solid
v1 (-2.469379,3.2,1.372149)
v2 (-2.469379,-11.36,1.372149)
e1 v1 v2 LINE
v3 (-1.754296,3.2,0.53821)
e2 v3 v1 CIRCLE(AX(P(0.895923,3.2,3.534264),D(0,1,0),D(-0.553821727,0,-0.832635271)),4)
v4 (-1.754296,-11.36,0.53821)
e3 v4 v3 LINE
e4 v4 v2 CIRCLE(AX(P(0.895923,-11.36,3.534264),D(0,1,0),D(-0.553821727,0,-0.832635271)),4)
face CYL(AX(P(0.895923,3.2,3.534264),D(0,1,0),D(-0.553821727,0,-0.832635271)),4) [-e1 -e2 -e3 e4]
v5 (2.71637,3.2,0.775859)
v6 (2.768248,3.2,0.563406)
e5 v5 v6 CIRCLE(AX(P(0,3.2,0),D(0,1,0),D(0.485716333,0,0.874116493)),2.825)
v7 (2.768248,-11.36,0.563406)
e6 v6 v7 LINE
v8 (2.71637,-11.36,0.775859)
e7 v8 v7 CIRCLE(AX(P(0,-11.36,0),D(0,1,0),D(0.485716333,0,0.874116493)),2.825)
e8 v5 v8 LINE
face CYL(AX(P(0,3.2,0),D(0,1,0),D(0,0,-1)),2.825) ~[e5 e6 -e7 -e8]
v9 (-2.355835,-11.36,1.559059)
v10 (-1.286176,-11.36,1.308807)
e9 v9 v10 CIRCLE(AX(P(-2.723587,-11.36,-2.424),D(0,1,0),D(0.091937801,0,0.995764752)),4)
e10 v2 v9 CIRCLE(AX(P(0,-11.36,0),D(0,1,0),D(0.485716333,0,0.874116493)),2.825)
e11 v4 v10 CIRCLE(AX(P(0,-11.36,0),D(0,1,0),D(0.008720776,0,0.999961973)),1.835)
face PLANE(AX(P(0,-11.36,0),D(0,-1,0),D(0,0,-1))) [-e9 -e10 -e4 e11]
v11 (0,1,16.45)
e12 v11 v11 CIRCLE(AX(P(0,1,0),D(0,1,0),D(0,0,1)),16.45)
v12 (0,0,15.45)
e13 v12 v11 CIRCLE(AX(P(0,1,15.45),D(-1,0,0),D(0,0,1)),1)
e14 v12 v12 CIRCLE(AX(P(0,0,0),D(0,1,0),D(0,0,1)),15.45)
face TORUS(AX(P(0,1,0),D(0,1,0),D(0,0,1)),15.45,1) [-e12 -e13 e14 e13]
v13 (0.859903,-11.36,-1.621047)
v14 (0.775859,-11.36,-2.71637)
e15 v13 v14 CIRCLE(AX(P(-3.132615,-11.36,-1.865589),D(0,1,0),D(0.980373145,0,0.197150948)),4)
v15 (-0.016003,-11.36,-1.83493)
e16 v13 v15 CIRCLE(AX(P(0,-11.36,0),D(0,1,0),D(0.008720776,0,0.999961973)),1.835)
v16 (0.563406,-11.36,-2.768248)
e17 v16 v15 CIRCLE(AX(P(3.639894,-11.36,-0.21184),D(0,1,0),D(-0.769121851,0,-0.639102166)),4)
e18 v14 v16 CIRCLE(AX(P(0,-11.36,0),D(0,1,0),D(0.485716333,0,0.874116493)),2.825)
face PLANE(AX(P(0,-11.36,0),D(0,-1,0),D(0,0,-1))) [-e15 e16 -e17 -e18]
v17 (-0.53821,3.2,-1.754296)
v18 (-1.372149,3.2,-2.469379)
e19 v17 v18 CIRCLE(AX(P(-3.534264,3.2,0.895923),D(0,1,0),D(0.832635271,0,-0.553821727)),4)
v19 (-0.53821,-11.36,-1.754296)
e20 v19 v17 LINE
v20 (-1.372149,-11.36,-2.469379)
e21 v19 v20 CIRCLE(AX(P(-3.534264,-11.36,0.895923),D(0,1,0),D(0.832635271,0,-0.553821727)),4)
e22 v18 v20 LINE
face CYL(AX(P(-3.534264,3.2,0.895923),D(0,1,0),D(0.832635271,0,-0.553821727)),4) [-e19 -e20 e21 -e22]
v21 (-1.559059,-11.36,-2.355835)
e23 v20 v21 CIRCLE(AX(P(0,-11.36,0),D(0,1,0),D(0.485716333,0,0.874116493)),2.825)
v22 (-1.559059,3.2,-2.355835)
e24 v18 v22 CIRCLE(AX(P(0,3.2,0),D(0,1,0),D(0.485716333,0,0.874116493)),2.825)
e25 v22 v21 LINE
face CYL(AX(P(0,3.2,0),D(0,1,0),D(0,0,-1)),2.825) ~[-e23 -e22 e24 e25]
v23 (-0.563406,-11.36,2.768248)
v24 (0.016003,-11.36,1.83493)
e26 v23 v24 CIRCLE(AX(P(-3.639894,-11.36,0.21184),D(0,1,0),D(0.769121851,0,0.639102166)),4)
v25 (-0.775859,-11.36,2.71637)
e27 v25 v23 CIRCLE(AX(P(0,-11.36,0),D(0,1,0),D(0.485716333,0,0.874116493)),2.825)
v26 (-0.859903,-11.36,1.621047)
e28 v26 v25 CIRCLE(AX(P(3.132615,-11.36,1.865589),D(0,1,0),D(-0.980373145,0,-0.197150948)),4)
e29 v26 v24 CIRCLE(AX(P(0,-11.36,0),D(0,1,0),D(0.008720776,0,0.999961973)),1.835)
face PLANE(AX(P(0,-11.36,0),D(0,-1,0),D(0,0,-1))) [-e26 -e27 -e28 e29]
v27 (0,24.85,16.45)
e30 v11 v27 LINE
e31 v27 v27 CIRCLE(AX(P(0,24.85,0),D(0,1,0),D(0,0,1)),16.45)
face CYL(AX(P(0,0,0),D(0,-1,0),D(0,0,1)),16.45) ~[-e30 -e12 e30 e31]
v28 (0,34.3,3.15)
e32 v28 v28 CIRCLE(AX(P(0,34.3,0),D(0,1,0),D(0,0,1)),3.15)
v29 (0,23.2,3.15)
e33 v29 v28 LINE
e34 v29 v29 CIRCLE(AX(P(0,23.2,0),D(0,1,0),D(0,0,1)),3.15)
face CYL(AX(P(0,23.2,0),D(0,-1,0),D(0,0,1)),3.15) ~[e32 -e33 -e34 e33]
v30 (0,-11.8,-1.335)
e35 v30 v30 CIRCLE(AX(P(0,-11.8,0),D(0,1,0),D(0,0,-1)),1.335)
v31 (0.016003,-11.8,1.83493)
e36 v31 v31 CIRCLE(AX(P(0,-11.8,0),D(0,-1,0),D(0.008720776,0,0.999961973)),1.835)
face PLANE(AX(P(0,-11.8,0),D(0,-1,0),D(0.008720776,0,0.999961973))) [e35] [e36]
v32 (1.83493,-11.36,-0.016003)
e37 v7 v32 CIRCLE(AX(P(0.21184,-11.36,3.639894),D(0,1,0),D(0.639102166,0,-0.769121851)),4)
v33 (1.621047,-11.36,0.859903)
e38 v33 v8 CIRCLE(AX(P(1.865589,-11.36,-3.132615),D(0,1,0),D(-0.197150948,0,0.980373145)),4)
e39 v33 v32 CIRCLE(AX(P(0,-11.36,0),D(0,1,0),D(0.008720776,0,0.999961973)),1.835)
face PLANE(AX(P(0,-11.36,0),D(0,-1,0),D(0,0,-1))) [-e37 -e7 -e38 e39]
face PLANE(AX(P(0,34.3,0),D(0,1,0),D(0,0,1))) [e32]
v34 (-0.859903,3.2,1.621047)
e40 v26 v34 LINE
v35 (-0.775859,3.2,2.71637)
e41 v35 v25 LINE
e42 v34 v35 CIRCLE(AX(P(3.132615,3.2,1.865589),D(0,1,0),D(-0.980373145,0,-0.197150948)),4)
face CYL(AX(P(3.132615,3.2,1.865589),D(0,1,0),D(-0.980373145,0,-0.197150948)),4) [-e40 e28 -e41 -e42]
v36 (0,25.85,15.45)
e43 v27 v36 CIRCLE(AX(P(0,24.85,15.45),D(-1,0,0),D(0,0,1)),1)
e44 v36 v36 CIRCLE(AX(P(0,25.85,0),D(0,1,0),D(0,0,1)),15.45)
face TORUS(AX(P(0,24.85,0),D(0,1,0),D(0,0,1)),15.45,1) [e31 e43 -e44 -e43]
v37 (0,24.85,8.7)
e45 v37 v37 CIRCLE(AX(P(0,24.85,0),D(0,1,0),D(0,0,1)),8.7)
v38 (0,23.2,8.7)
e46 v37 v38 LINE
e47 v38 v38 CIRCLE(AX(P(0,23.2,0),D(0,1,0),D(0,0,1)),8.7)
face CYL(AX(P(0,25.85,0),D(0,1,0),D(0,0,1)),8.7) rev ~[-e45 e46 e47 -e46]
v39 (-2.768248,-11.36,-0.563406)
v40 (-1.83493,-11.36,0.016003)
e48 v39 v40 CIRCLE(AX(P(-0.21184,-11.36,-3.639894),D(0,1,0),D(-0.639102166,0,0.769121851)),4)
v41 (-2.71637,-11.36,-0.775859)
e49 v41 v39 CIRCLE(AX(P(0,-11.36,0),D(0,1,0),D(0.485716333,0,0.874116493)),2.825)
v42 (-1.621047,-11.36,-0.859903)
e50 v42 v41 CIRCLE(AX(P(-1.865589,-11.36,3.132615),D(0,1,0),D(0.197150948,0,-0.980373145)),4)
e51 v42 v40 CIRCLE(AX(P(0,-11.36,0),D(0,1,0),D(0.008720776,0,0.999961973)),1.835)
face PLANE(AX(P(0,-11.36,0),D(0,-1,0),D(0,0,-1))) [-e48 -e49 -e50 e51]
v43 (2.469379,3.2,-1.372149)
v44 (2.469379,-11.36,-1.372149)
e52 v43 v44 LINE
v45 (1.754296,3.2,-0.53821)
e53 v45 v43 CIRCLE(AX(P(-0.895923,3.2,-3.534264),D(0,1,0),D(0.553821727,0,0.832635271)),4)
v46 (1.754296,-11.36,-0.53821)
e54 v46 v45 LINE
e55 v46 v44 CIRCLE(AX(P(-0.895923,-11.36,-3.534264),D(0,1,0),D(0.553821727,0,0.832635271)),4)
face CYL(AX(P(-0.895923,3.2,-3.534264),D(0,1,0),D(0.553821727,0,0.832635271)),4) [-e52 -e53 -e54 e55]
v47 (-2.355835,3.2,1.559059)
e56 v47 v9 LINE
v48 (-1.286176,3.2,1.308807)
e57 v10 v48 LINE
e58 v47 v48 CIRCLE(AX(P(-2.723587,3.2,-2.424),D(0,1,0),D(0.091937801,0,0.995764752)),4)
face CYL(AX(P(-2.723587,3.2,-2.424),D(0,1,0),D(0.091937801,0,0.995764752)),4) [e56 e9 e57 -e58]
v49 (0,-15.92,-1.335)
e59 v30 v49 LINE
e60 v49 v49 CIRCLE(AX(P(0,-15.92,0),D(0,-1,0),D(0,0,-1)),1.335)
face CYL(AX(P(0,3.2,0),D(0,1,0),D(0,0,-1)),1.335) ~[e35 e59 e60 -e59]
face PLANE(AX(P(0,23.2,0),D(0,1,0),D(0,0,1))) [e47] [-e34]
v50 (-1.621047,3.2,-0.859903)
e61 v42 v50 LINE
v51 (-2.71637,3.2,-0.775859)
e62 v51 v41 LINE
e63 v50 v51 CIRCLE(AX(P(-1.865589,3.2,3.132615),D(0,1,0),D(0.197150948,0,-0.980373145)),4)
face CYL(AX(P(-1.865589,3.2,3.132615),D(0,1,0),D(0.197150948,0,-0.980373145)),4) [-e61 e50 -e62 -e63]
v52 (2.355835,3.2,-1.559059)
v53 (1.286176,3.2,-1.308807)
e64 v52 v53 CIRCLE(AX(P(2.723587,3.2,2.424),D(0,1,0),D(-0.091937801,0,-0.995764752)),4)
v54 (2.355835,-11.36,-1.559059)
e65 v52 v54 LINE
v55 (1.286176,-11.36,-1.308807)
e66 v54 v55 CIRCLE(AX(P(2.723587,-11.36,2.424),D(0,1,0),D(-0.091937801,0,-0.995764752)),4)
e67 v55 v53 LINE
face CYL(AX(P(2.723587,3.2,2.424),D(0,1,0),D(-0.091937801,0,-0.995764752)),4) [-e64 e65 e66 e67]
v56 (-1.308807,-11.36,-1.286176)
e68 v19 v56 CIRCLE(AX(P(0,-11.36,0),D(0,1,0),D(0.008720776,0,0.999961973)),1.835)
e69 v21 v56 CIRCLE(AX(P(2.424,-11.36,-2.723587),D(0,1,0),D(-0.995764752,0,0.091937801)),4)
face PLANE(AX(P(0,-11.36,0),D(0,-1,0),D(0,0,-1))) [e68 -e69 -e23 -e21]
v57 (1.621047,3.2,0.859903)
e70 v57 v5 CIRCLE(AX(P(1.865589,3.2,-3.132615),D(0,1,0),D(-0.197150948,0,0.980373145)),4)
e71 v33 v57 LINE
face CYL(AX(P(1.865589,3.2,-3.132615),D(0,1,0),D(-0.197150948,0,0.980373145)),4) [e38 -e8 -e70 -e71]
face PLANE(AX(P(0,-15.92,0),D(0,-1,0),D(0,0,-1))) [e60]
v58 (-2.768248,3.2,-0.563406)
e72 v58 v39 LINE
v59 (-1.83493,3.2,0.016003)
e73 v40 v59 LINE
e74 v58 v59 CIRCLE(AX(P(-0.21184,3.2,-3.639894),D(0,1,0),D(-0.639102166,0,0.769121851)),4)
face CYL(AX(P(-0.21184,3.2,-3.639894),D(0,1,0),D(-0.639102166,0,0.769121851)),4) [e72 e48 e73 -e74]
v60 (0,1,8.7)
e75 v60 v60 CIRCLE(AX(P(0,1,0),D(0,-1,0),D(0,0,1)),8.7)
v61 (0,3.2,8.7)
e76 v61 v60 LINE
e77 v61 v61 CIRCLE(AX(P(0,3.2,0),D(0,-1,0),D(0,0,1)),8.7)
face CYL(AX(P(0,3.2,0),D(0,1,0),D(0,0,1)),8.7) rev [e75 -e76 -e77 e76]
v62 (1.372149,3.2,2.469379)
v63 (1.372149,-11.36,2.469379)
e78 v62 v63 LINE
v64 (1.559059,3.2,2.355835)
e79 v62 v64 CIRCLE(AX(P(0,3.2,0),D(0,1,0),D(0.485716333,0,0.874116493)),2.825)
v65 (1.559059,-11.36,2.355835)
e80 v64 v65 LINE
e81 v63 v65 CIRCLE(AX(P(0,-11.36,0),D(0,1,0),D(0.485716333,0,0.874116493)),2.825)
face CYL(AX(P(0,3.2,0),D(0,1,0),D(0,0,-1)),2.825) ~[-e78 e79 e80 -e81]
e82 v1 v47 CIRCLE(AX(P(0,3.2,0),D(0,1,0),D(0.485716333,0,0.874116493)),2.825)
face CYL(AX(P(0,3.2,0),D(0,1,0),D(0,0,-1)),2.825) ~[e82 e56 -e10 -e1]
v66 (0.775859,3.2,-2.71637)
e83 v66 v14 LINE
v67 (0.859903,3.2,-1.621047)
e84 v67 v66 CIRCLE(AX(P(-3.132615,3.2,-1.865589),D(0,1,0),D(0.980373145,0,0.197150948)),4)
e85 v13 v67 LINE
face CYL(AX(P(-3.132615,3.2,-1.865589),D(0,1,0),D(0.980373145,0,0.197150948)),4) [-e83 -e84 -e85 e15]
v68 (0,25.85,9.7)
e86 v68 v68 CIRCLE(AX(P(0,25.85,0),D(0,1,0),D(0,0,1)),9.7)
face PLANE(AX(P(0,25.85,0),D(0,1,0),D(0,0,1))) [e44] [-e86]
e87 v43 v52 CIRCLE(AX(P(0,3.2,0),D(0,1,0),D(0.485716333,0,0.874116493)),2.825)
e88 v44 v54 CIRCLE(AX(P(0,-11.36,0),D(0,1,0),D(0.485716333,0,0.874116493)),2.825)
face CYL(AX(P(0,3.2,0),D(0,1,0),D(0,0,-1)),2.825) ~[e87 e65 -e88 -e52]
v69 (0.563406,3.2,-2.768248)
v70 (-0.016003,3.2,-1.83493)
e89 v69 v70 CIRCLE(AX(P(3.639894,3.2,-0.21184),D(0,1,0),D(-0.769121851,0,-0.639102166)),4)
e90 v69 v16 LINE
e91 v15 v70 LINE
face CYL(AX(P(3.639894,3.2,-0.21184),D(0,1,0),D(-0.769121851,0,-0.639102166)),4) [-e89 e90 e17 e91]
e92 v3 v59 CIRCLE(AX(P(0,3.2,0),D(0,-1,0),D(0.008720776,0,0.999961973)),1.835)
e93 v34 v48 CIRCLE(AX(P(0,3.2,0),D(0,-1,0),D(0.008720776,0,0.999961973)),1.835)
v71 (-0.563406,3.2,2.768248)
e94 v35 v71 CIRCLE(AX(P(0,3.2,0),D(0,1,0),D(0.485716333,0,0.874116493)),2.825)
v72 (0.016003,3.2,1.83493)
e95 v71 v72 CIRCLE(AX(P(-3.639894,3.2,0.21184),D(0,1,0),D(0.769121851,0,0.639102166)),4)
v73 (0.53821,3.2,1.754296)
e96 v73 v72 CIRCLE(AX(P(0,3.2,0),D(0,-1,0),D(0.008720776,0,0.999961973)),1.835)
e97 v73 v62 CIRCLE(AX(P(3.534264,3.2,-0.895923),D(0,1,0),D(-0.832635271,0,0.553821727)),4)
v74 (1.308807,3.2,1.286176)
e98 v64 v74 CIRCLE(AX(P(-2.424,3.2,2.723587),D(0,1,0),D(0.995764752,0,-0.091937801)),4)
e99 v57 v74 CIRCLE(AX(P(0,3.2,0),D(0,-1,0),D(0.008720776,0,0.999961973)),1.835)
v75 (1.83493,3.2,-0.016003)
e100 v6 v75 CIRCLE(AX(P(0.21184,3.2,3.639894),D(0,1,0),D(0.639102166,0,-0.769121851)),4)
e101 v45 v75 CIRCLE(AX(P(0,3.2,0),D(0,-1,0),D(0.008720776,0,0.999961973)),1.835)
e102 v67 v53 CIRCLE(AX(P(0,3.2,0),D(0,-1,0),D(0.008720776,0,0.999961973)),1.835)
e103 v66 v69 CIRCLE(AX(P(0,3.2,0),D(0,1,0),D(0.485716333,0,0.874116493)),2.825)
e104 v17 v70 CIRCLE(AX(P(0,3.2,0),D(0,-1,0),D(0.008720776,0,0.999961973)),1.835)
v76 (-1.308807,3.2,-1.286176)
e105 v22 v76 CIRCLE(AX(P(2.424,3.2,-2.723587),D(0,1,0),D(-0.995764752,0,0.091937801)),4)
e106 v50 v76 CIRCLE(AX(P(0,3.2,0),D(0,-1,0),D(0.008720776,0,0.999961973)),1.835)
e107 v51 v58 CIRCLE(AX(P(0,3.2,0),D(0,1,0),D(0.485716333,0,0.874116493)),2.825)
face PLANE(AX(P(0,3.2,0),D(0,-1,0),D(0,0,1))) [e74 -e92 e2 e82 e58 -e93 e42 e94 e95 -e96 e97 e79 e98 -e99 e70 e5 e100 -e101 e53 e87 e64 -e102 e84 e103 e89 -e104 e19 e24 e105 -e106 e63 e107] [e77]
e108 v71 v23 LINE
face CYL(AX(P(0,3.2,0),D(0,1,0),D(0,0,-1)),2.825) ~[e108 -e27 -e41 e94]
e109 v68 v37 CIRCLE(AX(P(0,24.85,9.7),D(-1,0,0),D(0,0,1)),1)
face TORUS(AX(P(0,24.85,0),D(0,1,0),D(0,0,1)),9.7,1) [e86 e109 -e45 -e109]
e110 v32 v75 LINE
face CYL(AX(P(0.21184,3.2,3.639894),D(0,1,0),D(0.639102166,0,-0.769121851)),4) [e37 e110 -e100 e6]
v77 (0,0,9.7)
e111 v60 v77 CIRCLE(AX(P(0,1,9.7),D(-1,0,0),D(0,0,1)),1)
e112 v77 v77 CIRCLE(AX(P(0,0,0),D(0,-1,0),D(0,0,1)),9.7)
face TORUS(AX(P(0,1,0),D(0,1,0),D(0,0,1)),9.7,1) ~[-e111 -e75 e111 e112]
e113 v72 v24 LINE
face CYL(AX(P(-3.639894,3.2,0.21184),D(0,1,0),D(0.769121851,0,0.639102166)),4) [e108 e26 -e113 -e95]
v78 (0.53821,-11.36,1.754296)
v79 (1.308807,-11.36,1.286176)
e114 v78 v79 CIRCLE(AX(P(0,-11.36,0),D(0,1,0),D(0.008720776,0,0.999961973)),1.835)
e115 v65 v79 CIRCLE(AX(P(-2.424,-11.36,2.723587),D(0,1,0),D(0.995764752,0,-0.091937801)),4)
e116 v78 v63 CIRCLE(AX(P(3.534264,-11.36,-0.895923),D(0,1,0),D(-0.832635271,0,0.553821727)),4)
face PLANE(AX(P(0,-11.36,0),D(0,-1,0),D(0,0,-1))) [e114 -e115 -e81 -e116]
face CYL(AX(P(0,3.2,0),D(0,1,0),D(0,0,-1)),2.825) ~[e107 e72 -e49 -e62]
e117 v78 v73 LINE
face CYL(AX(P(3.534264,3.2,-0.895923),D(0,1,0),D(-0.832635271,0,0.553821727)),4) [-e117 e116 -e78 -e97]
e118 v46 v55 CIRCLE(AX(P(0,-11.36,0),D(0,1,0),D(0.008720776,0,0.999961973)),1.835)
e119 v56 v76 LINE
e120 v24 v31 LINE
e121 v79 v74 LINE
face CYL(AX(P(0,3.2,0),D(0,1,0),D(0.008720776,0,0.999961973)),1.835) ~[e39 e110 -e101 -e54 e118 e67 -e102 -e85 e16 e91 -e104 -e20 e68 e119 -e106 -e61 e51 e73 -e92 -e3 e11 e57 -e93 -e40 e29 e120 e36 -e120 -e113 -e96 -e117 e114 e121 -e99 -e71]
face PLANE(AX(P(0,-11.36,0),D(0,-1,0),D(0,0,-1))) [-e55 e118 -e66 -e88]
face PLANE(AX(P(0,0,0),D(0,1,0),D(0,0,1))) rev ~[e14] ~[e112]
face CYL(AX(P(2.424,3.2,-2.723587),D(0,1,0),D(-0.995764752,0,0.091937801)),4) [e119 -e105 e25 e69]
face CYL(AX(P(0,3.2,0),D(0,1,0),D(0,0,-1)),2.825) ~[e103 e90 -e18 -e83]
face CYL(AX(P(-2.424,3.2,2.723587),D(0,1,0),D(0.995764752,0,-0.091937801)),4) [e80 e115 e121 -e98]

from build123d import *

# Parameters (mm, degrees)
SKETCH1_R           = 16.45
BOSS_EXTRUDE1_DEPTH = 25.85
SKETCH2_R           = 8.7
CUT_EXTRUDE1_DEPTH  = 2.65
SKETCH3_R           = 3.15
BOSS_EXTRUDE2_DEPTH = 11.1
CUT_EXTRUDE2_START  = -3.2
SKETCH4_R           = 8.7
CUT_EXTRUDE2_DEPTH  = 3.2
SKETCH5_R           = 1.335
BOSS_EXTRUDE3_DEPTH = 19.12
SKETCH6_R           = 2.825
BOSS_EXTRUDE4_DEPTH = 14.56
FILLET1_R           = 1
CUT_EXTRUDE9_START  = -14.56
CUT_EXTRUDE9_DEPTH  = 14.56
CIRPATTERN3_COUNT   = 8
SKETCH16_R          = 1.835
BOSS_EXTRUDE6_DEPTH = 15


with BuildPart() as part:
    # Sketch1 → Boss-Extrude1 (new body)
    with BuildSketch(Plane(origin=(0, 0, 0), x_dir=(1, 0, 0), z_dir=(0, 1, 0))):
        with Locations(Location((0, 0, 0), (0, 0, 270))):
            Circle(SKETCH1_R)
    extrude(amount=BOSS_EXTRUDE1_DEPTH)

    # Sketch2 → Cut-Extrude1 (cut)
    with BuildSketch(Plane(origin=(0, 25.85, 0), x_dir=(1, 0, 0), z_dir=(0, 1, 0))):
        with Locations(Location((0, 0, 0), (0, 0, 270))):
            Circle(SKETCH2_R)
    extrude(amount=-CUT_EXTRUDE1_DEPTH, mode=Mode.SUBTRACT)

    # Sketch3 → Boss-Extrude2 (add)
    with BuildSketch(Plane(origin=(0, 23.2, 0), x_dir=(1, 0, 0), z_dir=(0, 1, 0))):
        with Locations(Location((0, 0, 0), (0, 0, 270))):
            Circle(SKETCH3_R)
    extrude(amount=BOSS_EXTRUDE2_DEPTH)

    # Sketch4 → Cut-Extrude2 (cut)
    with BuildSketch(Plane.XZ.offset(CUT_EXTRUDE2_START)):
        with Locations(Location((0, 0, 0), (0, 0, 90))):
            Circle(SKETCH4_R)
    extrude(amount=CUT_EXTRUDE2_DEPTH, mode=Mode.SUBTRACT)

    # Sketch5 → Boss-Extrude3 (add)
    with BuildSketch(Plane.XZ.offset(-3.2)):
        with Locations(Location((0, 0, 0), (0, 0, 270))):
            Circle(SKETCH5_R)
    extrude(amount=BOSS_EXTRUDE3_DEPTH)

    # Sketch6 → Boss-Extrude4 (add)
    with BuildSketch(Plane.XZ.offset(-3.2)):
        with Locations(Location((0, 0, 0), (0, 0, 270))):
            Circle(SKETCH6_R)
    extrude(amount=BOSS_EXTRUDE4_DEPTH)

    # Fillet1
    fillet1_edges = [part.edges().sort_by_distance(p)[0] for p in [
        (0, 0, -8.7),
        (0, 0, -16.45),
        (0, 25.85, -16.45),
        (0, 25.85, -8.7),
    ]]
    fillet(fillet1_edges, radius=FILLET1_R)

    # Sketch15 → Cut-Extrude9 (cut)
    with BuildSketch(Plane.XZ.offset(11.36).offset(CUT_EXTRUDE9_START)):
        with BuildLine():
            ThreePointArc((1.372148642, 2.469379093), (0.431099526, 2.791913), (-0.563406151, 2.768248275))
            ThreePointArc((-0.563406151, 2.768248275), (-0.104815557, 2.083529636), (0.203723139, 1.319364196))
            ThreePointArc((0.203723139, 1.319364196), (0.728385952, 1.954874919), (1.372148642, 2.469379093))
        make_face()
    cut_extrude9 = extrude(amount=CUT_EXTRUDE9_DEPTH, mode=Mode.SUBTRACT)

    # CirPattern3: Cut-Extrude9 ×8 about axis
    cirpattern3_axis = Axis((0, 0, 0), (0, 1, 0))
    for i in range(1, CIRPATTERN3_COUNT):
        add(cut_extrude9.rotate(cirpattern3_axis, i * 360 / CIRPATTERN3_COUNT), mode=Mode.SUBTRACT)

    # Sketch16 → Boss-Extrude6 (add)
    with BuildSketch(Plane.XZ.offset(-3.2)):
        with Locations(Location((0, 0, 0), (0, 0, 89.500330008))):
            Circle(SKETCH16_R)
    extrude(amount=BOSS_EXTRUDE6_DEPTH)


solid = part.part
